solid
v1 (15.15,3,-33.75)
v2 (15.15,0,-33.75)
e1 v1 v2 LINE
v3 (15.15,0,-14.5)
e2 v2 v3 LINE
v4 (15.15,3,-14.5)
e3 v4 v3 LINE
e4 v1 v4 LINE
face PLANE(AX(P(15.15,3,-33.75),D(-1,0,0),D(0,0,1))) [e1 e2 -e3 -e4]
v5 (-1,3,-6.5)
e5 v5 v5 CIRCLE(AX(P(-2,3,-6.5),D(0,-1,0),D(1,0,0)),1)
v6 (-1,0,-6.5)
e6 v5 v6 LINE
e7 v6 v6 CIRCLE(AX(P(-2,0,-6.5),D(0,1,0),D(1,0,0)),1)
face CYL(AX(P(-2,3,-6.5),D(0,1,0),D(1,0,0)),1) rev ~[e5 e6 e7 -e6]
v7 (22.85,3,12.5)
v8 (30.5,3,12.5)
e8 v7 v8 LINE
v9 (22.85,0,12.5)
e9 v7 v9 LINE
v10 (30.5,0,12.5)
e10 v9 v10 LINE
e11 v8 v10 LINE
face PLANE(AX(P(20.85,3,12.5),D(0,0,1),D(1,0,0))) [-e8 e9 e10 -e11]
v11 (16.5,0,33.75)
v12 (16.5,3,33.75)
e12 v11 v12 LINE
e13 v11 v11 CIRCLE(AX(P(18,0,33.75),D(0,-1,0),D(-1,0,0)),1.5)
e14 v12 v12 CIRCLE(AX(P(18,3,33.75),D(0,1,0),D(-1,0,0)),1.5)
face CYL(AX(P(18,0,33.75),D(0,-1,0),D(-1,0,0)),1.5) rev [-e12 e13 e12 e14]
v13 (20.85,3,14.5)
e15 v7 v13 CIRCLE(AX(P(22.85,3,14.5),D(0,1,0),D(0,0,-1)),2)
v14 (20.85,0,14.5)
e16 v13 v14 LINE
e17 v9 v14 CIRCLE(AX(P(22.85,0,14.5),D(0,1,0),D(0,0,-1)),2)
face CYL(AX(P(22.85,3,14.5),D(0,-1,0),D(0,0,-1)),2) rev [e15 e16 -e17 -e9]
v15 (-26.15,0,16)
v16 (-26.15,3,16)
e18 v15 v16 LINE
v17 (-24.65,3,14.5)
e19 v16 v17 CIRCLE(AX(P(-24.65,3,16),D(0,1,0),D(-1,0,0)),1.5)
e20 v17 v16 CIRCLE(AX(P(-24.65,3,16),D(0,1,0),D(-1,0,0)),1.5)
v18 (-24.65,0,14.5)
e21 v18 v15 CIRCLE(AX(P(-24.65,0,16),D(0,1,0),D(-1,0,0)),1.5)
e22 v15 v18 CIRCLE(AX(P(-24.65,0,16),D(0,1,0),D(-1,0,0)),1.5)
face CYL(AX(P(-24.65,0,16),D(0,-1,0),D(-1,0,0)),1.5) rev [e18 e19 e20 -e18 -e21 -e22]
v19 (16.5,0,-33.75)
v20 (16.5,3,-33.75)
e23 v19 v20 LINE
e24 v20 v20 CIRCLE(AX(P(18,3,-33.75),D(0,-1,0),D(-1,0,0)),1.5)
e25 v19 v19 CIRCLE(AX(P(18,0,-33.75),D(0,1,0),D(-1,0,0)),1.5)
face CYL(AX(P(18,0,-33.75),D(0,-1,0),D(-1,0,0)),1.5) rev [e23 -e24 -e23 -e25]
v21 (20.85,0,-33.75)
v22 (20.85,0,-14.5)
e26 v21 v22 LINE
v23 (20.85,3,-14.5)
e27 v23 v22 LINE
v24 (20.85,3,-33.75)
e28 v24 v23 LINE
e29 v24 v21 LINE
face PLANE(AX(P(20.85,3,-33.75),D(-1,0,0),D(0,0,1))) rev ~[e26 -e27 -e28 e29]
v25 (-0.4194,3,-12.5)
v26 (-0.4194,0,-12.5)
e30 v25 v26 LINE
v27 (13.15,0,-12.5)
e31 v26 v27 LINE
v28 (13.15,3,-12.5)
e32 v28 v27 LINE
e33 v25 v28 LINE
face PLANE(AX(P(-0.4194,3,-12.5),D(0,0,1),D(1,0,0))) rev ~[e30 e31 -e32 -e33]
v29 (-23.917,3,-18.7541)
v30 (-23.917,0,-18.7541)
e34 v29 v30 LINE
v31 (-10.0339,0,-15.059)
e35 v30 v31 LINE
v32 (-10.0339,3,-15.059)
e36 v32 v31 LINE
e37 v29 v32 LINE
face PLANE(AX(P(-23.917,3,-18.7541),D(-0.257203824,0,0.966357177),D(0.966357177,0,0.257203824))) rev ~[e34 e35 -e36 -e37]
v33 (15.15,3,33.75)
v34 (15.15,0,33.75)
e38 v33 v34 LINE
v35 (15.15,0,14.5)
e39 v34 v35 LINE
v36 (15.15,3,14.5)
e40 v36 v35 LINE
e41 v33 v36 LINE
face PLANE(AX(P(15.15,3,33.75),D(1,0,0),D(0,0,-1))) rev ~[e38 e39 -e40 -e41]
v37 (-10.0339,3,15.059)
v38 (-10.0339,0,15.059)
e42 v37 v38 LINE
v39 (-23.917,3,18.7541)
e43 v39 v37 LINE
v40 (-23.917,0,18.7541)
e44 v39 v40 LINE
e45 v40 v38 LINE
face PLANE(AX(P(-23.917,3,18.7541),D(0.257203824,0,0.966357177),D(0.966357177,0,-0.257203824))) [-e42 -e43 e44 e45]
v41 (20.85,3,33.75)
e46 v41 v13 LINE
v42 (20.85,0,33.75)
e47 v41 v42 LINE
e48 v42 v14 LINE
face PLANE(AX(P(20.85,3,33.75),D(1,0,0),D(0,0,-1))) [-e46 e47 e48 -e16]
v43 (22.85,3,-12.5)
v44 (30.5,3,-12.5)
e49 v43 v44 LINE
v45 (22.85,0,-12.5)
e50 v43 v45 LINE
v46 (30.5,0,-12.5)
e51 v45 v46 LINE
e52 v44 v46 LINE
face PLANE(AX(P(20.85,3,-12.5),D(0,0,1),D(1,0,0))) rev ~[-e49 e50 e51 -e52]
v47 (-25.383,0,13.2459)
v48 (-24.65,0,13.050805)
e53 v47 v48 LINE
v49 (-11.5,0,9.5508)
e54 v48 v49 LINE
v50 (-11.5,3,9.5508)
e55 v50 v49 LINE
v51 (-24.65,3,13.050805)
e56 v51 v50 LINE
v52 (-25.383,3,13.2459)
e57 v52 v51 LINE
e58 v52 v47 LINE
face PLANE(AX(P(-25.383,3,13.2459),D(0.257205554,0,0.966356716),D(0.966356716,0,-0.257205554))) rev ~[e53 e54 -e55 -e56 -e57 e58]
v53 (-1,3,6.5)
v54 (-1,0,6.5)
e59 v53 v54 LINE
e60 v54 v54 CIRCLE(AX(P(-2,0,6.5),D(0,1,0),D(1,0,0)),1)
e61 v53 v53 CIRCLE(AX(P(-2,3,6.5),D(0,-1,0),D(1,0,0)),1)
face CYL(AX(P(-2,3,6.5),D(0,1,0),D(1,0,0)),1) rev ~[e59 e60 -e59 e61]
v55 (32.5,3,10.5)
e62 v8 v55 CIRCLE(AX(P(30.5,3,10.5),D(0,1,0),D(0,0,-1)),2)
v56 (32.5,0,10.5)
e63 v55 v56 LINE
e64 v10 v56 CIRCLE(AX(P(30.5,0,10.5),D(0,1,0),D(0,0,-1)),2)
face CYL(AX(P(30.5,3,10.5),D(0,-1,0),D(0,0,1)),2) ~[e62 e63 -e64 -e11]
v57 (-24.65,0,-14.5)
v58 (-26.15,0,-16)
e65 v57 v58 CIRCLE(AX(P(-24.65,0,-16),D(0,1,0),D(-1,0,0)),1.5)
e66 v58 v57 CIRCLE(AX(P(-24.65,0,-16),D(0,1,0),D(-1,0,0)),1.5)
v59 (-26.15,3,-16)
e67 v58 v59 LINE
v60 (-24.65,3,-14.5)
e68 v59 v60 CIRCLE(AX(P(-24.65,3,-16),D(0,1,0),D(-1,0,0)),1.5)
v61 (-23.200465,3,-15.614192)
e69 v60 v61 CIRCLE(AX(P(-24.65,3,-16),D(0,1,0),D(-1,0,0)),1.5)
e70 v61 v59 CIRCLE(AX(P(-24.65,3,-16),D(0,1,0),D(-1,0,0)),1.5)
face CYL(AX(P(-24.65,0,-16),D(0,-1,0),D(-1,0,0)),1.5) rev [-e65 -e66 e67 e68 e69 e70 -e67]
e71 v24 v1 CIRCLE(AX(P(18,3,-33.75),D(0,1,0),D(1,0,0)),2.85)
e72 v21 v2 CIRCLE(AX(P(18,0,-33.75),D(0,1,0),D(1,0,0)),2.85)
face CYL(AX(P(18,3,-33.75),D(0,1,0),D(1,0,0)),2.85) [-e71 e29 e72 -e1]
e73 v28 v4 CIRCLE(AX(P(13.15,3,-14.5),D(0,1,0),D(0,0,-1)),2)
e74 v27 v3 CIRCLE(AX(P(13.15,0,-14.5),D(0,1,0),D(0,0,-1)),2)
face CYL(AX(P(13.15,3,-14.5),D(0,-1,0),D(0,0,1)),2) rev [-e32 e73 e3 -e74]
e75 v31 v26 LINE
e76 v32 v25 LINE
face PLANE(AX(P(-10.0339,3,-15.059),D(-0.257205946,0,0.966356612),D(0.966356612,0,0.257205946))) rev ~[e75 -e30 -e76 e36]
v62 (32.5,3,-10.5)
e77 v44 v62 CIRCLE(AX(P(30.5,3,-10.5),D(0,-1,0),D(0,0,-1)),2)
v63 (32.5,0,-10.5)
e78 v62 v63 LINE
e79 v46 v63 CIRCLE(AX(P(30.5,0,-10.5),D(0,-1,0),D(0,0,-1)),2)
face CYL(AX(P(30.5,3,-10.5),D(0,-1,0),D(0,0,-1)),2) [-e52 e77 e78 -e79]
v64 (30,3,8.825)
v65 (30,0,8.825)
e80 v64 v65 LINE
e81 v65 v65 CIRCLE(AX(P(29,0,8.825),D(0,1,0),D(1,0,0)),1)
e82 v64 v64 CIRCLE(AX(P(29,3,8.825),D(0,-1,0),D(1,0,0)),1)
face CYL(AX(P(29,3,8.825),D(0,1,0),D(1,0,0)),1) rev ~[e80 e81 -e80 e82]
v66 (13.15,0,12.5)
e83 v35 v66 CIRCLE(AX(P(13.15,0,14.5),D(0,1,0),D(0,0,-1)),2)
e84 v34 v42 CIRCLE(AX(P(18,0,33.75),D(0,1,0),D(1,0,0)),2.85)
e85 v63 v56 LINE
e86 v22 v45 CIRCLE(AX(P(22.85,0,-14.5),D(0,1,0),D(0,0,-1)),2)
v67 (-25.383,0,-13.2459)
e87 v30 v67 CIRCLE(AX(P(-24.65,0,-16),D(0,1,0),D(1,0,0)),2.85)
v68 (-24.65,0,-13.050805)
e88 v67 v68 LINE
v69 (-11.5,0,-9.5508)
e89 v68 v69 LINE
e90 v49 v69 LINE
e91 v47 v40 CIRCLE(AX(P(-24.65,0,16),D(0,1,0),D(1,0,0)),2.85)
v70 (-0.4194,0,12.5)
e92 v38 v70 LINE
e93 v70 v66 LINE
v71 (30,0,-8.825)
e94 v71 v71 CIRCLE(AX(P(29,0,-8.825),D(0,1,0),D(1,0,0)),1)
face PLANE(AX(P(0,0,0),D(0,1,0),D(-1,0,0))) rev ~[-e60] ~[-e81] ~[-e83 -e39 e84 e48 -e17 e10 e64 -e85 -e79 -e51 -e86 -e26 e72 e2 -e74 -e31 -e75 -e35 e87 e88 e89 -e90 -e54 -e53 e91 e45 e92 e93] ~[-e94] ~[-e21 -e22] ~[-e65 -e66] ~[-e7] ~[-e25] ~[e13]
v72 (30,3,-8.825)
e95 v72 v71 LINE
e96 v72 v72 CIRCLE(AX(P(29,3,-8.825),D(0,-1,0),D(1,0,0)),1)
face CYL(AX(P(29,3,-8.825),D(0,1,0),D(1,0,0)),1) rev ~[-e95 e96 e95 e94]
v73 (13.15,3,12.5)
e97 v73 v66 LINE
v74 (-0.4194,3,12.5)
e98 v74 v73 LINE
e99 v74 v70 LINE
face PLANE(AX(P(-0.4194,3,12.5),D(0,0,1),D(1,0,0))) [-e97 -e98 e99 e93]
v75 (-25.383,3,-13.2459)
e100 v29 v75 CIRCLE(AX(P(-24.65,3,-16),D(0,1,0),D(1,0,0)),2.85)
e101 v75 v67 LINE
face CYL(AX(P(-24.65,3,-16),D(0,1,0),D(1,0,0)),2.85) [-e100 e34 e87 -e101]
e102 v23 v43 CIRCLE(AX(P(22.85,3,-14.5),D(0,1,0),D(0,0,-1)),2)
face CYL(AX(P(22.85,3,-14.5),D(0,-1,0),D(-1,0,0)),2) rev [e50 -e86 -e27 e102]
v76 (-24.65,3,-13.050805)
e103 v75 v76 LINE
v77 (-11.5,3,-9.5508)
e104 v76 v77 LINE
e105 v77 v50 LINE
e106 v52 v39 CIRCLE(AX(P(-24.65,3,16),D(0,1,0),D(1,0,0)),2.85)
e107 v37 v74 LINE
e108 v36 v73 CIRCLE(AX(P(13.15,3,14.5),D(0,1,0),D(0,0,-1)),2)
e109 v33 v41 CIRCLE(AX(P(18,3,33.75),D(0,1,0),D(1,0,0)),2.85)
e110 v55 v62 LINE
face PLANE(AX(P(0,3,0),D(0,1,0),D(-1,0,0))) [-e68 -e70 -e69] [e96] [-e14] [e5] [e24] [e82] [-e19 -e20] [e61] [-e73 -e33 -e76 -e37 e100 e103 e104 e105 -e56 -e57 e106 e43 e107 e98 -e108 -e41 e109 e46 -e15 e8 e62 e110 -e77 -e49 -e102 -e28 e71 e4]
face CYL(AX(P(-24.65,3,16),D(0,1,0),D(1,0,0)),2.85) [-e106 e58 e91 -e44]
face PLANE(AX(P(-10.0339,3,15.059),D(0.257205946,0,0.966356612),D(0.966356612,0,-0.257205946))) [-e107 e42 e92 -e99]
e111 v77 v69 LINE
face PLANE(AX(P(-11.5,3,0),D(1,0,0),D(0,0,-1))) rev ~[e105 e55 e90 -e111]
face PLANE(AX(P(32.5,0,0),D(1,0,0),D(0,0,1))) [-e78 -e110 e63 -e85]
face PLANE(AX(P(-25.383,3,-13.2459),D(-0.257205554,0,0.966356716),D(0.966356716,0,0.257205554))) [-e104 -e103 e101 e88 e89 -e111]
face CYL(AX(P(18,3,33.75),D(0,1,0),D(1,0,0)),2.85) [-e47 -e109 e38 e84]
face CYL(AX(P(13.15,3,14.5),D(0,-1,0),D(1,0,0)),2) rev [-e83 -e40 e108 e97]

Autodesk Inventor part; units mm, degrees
ref_plane "YZ Plane" through (0, 0, 0) normal (1, 0, 0) x (0, 1, 0)
ref_plane "XZ Plane" through (0, 0, 0) normal (0, 1, 0) x (-1, 0, 0)
sketch "Sketch1" plane through (0, 0, 0) normal (0, 1, 0) x (-1, 0, 0)
  line L0 (-29, 33.75) -> (29, 33.75)
  line L1 (29, 33.75) -> (29, -33.75)
  line L2 (29, -33.75) -> (-29, -33.75)
  line L3 (-29, -33.75) -> (-29, 33.75)
  line L4 (-29, 33.75) -> (29, -33.75) construction
  line L5 (29, 33.75) -> (-29, -33.75) construction
  line L6 (-32.5, 37.25) -> (32.5, 37.25)
  line L7 (32.5, -37.25) -> (-32.5, -37.25)
  line L8 (-32.5, -37.25) -> (-32.5, 37.25)
  line L9 (-32.5, 37.25) -> (32.5, -37.25) construction
  line L10 (32.5, 37.25) -> (-32.5, -37.25) construction
  line L11 (32.5, 37.25) -> (32.5, 5.9791)
  line L12 (32.5, -5.9791) -> (32.5, -37.25)
  line L13 (24.65, -1.5966) -> (24.65, -16)
  circle A0 centre (24.65, -16) radius 1.5
  arc A1 (32.5, 5.9791) -> (32.5, -5.9791) centre (33, 0) ccw
  line L14 (32.5, -5.9791) -> (32.5, 5.9791)
  line L15 (33, 0) -> (-32.5, 0)
  line L16 (24.65, -1.5966) -> (24.65, 16)
  circle A2 centre (24.65, 16) radius 1.5
  circle A3 centre (-18, -33.75) radius 1.5
  circle A4 centre (-18, 33.75) radius 1.5
  point P0 (0, 0)
  dimension "d1" = 58
  dimension "d3" = 3.5
  dimension "d31" = 67.5
  dimension "d32" = 3.5
  dimension "d34" = 3
  dimension "d57" = 47
  dimension "d61" = 42.65
  dimension "d62" = 16
ref_plane "Work Plane1" through (0, 3, 0) normal (0, 1, 0) x (1, 0, 0)
extrude "Extrusion4" add sketch "Sketch1" along normal blind 3 contours A4 L0 L3 L15 L8 L6 L11 A1 L1 | L0 L1 A1 L15 L3 A4 | A1 L1 L2 A3 L3 L15 | L3 L2 A3 L1 A1 L12 L7 L8 L15
sketch "Sketch3" plane through (0, 3, 0) normal (0, 1, 0) x (1, 0, 0)
  circle A0 centre (-24.65, 16) radius 1.5 projected
  circle A1 centre (-24.65, 16) radius 2.85
  circle A2 centre (18, 33.75) radius 1.5
  line L0 (32.5, -37.25) -> (32.5, 37.25) projected
  line L1 (32.5, 0) -> (-11.5, 0)
  line L2 (-11.5, 0) -> (-11.5, 12.5)
  line L3 (-11.5, 12.5) -> (32.5, 12.5)
  line L4 (32.5, 12.5) -> (32.5, 0)
  line L5 (32.5, 0) -> (32.5, 12.5)
  line L6 (32.5, 0) -> (29, 0)
  line L7 (29, 0) -> (29, 8.825)
  line L8 (29, 8.825) -> (-2, 8.825)
  line L9 (-2, 8.825) -> (-2, 0)
  circle A3 centre (29, 8.825) radius 1
  line L10 (-11.5, 0) -> (-11.5, -12.5)
  line L11 (-11.5, -12.5) -> (32.5, -12.5)
  line L12 (32.5, -12.5) -> (32.5, 0)
  line L13 (29, 0) -> (29, -8.825)
  line L14 (29, -8.825) -> (-2, -8.825)
  line L15 (-2, -8.825) -> (-2, 0)
  circle A4 centre (29, -8.825) radius 1
  line L16 (32.5, 26) -> (32.5, 12.5)
  line L17 (-24.65, 16) -> (-11.5, 12.5)
  line L18 (-25.383, 13.2459) -> (-11.5, 9.5508)
  line L19 (-23.917, 18.7541) -> (-10.0339, 15.059)
  line L20 (32.5, 26) -> (32.5, 12.5)
  line L21 (-10.0339, 15.059) -> (-0.4194, 12.5)
  circle A5 centre (-24.65, -16) radius 2.85
  line L22 (-24.65, -16) -> (-11.5, -12.5)
  line L23 (-25.383, -13.2459) -> (-11.5, -9.5508)
  line L24 (-23.917, -18.7541) -> (-10.0339, -15.059)
  line L25 (-10.0339, -15.059) -> (-0.4194, -12.5)
  circle A6 centre (18, 33.75) radius 2.85
  line L26 (32.5, 12.5) -> (15.5, 12.5)
  circle A7 centre (-2, 6.5) radius 1
  circle A8 centre (-2, -6.5) radius 1
  circle A9 centre (18, 33.75) radius 1.5 projected
  circle A10 centre (18, -33.75) radius 1.5
  circle A11 centre (18, -33.75) radius 2.85
  circle A12 centre (18, -33.75) radius 1.5
  line L27 (20.85, 33.75) -> (20.85, 12.5)
  line L28 (15.15, 33.75) -> (15.15, 12.5)
  line L29 (20.85, -33.75) -> (20.85, -12.5)
  line L30 (15.15, -33.75) -> (15.15, -12.5)
  point P0 (0, 0)
  point P1 (-23.917, 18.7541)
  point P2 (-11.5, -9.5508)
  point P3 (-23.917, -18.7541)
  point P4 (-0.4194, -12.5)
  point P5 (32.5, -12.5)
  point P6 (15.15, -12.5)
  point P7 (20.85, -33.75)
  point P8 (20.85, -12.5)
  point P9 (15.15, 12.5)
  point P10 (20.85, 12.5)
  dimension "d37" = 5.7
  dimension "d38" = 44
  dimension "d39" = 12.5
  dimension "d40" = 3.5
  dimension "d41" = 8.825
  dimension "d42" = 31
  dimension "d44" = 2
  dimension "d48" = 5.7
  dimension "d49" = 17
  dimension "d56" = 6.5
extrude "Extrusion6" cut sketch "Sketch3" against normal blind 44 contours A0 | A1 | A1 L19 L21 L3 L17 | L17 L2 L18 A1 | L3 L0 L1 L7 A3 L8 L9 A7 L2 | L1 L15 A8 L14 A4 L13 L0 L11 L10 | L28 A6 L27 L3 | L9 A7 L8 A3 L7 L1 | L1 L13 A4 L14 L15 A8 | L10 L22 A5 L23 | A6 | L11 L25 L24 A5 L22 | A5 | L11 L29 A11 L30 | A11 | A2 | A10 keep common part
fillet "Fillet3" radius 2 6 edges at (32.5, 1.5, 12.5) (32.5, 1.5, -12.5) (20.85, 1.5, 12.5) (15.15, 1.5, 12.5) (20.85, 1.5, -12.5) (15.15, 1.5, -12.5)
equation "\"d53\" = d38"
properties part number "base_c"
